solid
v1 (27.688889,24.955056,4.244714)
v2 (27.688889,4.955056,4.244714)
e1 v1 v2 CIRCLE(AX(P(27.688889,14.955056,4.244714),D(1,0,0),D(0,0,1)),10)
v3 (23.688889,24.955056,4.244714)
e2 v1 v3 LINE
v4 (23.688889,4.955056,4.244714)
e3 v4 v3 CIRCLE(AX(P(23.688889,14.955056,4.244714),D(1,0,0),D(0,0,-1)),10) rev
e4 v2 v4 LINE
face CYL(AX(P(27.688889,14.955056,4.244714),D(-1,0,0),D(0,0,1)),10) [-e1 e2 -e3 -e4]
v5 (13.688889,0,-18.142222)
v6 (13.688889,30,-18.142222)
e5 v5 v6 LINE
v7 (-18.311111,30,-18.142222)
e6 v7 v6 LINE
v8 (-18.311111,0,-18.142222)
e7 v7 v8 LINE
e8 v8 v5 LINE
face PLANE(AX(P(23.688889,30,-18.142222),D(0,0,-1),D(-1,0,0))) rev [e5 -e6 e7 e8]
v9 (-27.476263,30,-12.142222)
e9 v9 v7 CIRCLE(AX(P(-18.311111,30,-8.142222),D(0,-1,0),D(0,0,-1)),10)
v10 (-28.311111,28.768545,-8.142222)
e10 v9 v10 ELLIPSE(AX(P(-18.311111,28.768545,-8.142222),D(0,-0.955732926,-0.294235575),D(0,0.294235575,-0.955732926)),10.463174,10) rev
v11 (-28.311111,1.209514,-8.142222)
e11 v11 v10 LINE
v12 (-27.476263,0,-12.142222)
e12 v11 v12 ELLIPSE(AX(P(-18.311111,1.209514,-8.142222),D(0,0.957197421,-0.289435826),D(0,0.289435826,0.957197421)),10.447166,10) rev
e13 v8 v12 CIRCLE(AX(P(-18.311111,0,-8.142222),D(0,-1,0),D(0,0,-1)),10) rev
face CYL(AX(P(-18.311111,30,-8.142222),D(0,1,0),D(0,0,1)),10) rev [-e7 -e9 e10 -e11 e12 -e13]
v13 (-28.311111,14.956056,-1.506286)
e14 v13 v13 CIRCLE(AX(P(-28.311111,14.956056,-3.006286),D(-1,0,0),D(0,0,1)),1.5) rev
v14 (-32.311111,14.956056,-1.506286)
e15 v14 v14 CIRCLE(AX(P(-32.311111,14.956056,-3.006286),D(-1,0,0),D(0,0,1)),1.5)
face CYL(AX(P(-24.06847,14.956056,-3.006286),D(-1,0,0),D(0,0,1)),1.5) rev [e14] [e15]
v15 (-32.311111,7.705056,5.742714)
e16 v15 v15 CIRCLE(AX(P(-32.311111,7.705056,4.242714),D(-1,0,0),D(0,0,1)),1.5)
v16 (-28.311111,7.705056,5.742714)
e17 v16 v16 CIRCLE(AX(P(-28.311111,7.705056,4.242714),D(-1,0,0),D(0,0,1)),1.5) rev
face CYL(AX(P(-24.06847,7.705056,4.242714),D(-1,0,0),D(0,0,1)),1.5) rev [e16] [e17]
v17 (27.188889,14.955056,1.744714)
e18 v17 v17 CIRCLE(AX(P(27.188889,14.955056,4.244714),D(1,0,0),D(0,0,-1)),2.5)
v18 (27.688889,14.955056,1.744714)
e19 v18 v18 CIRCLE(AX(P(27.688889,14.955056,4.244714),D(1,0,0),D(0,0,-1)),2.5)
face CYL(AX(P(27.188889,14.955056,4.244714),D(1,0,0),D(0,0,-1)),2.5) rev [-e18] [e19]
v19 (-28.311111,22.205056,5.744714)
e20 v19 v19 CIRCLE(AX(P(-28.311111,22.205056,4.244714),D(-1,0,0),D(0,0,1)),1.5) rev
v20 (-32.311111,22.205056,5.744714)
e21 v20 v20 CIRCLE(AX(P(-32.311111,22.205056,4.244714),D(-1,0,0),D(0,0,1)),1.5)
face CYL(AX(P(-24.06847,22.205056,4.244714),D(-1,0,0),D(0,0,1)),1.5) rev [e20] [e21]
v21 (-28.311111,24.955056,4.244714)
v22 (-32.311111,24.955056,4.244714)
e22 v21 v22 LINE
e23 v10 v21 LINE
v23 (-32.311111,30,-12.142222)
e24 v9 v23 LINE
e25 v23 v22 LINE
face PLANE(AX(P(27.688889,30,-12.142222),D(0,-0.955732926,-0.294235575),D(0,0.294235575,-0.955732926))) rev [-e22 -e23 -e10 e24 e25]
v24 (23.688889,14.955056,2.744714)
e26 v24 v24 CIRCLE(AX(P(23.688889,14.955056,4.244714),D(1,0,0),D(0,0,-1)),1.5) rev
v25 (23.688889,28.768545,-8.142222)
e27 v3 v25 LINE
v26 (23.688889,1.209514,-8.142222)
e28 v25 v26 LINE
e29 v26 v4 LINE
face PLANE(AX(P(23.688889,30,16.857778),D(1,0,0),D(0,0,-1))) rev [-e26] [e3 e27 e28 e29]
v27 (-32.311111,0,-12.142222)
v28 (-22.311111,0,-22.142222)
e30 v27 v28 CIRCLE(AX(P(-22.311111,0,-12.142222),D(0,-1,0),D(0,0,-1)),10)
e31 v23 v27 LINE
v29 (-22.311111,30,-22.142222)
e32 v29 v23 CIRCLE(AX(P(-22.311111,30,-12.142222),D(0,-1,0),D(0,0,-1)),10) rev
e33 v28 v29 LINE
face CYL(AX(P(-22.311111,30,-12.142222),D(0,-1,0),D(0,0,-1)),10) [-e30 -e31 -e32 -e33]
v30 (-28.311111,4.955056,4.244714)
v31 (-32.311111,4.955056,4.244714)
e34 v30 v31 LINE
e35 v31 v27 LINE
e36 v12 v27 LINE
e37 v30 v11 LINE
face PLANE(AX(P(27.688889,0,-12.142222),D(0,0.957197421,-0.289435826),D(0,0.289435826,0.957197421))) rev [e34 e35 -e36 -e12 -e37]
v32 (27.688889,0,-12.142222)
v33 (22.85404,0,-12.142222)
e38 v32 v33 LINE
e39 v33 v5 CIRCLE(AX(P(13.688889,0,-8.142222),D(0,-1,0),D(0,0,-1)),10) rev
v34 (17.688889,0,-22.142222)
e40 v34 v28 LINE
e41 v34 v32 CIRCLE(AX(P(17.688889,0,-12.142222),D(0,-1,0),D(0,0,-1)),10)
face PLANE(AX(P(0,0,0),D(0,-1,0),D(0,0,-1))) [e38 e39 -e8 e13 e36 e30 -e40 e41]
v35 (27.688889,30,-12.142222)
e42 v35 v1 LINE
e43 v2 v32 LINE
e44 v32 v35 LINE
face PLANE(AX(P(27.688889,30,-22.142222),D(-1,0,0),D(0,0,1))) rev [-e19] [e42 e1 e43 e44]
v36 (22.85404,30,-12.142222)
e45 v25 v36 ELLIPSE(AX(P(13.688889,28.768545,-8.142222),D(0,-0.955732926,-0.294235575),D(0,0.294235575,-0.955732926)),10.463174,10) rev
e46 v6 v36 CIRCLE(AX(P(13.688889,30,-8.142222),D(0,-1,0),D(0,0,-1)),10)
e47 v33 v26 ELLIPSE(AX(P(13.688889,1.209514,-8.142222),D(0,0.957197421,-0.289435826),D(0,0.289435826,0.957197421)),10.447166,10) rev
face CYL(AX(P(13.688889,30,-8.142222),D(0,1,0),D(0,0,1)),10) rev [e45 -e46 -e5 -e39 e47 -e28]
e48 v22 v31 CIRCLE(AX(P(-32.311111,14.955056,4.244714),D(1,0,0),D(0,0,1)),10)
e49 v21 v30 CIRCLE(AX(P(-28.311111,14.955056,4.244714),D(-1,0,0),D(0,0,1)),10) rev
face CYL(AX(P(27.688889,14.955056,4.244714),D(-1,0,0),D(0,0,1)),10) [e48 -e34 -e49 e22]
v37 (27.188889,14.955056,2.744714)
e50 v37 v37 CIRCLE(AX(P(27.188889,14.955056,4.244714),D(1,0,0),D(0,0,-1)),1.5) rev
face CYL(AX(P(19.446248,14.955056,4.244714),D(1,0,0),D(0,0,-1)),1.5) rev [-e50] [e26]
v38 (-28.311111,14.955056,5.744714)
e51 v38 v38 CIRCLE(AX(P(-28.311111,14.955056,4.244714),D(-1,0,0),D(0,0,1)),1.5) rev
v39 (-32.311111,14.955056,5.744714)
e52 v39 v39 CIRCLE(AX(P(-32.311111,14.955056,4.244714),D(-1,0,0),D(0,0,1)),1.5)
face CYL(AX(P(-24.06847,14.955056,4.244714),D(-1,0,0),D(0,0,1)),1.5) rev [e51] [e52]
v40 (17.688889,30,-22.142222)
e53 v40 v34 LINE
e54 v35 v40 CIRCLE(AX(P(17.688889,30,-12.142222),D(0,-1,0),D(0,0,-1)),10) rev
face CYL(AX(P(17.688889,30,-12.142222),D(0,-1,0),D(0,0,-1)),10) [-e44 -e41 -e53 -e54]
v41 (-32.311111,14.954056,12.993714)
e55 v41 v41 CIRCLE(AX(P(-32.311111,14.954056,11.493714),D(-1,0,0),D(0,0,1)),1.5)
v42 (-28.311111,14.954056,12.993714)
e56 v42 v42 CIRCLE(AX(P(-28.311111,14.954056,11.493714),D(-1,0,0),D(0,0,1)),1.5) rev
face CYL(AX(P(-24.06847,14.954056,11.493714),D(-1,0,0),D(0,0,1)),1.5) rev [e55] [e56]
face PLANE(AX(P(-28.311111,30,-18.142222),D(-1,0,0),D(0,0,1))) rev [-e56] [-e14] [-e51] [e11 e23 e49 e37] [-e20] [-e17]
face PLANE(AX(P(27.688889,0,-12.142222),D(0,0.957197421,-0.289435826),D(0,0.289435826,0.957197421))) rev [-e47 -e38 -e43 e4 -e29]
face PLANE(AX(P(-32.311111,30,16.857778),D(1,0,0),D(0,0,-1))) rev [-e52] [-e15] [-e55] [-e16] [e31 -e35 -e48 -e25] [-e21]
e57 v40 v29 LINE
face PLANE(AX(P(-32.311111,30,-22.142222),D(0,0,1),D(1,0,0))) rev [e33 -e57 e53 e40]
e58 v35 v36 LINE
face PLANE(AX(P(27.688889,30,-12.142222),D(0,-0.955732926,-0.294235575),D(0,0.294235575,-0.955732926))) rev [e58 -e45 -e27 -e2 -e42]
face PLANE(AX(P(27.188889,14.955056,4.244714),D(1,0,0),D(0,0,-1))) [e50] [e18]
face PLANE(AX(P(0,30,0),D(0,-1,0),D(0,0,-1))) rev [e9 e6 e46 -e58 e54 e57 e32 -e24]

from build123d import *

# Parameters (mm, degrees)
EXTRUDE_1_DEPTH     = 30
FILLET_1_R          = 10
FILLET_2_R          = 10
SKETCH_4_R          = 1.5
CUT_EXTRUDE_1_DEPTH = 4
CUT_EXTRUDE_2_DEPTH = 71.641899783
CUT_EXTRUDE_START   = -4
SKETCH_6_R          = 1.5
CUT_EXTRUDE_3_DEPTH = 4
SKETCH_7_R          = 2.5
CUT_EXTRUDE_4_DEPTH = 0.5


with BuildPart() as part:
    # 草图2 → 凸台-拉伸1 (new body)
    with BuildSketch(Plane(origin=(0, 0, 0), x_dir=(1, 0, 0), z_dir=(0, 1, 0))):
        Polygon((23.688888889, -16.857777778), (23.688888889, 18.142222222), (-28.311111111, 18.142222222), (-28.311111111, -16.857777778), (-32.311111111, -16.857777778), (-32.311111111, 22.142222222), (27.688888889, 22.142222222), (27.688888889, -16.857777778), align=None)
    extrude(amount=EXTRUDE_1_DEPTH)

    # 圆角1
    fillet_1_edges = [part.edges().sort_by_distance(p)[0] for p in [
        (23.688888889, 15, -18.142222222),
        (27.688888889, 15, -22.142222222),
    ]]
    fillet(fillet_1_edges, radius=FILLET_1_R)

    # 圆角2
    fillet_2_edges = [part.edges().sort_by_distance(p)[0] for p in [
        (-28.311111111, 15, -18.142222222),
        (-32.311111111, 15, -22.142222222),
    ]]
    fillet(fillet_2_edges, radius=FILLET_2_R)

    # 草图4 → 切除-拉伸1 (cut)
    with BuildSketch(Plane.ZY.offset(32.311111111)):
        with Locations((-3.006286177, 14.956055529)):
            Circle(SKETCH_4_R)
        with Locations((11.493713823, 14.954055529)):
            Circle(SKETCH_4_R)
        with Locations((4.244713823, 22.205055529)):
            Circle(SKETCH_4_R)
        with Locations((4.242713823, 7.705055529)):
            Circle(SKETCH_4_R)
        with Locations((4.244713823, 14.955055529)):
            Circle(SKETCH_4_R)
    extrude(amount=-CUT_EXTRUDE_1_DEPTH, mode=Mode.SUBTRACT)

    # 草图5 → 切除-拉伸2 (cut, through all)
    with BuildSketch(Plane.ZY.offset(32.311111111)):
        with BuildLine():
            Line((16.857777778, 0), (4.244713823, 0))
            Line((4.244713823, 0), (-12.142222222, 0))
            Line((-12.142222222, 0), (4.244713823, 4.955055529))
            ThreePointArc((4.244713823, 4.955055529), (14.244713823, 14.955055529), (4.244713823, 24.955055529))
            Line((4.244713823, 24.955055529), (-12.142222222, 30))
            Line((-12.142222222, 30), (4.244713823, 30))
            Line((4.244713823, 30), (16.857777778, 30))
            Line((16.857777778, 30), (16.857777778, 0))
        make_face()
    extrude(amount=-CUT_EXTRUDE_2_DEPTH, mode=Mode.SUBTRACT)

    # 草图6 → 切除-拉伸3 (cut)
    with BuildSketch(Plane(origin=(27.688888889, 0, 0), x_dir=(0, 0, -1), z_dir=(1, 0, 0)).offset(CUT_EXTRUDE_START)):
        with Locations(Location((-4.244713823, 14.955055529, 0), (0, 0, 180))):
            Circle(SKETCH_6_R)
    extrude(amount=CUT_EXTRUDE_3_DEPTH, mode=Mode.SUBTRACT)

    # 草图7 → 切除-拉伸4 (cut)
    with BuildSketch(Plane(origin=(27.688888889, 0, 0), x_dir=(0, 0, -1), z_dir=(1, 0, 0))):
        with Locations((-4.244713823, 14.955055529)):
            Circle(SKETCH_7_R)
    extrude(amount=-CUT_EXTRUDE_4_DEPTH, mode=Mode.SUBTRACT)


solid = part.part
